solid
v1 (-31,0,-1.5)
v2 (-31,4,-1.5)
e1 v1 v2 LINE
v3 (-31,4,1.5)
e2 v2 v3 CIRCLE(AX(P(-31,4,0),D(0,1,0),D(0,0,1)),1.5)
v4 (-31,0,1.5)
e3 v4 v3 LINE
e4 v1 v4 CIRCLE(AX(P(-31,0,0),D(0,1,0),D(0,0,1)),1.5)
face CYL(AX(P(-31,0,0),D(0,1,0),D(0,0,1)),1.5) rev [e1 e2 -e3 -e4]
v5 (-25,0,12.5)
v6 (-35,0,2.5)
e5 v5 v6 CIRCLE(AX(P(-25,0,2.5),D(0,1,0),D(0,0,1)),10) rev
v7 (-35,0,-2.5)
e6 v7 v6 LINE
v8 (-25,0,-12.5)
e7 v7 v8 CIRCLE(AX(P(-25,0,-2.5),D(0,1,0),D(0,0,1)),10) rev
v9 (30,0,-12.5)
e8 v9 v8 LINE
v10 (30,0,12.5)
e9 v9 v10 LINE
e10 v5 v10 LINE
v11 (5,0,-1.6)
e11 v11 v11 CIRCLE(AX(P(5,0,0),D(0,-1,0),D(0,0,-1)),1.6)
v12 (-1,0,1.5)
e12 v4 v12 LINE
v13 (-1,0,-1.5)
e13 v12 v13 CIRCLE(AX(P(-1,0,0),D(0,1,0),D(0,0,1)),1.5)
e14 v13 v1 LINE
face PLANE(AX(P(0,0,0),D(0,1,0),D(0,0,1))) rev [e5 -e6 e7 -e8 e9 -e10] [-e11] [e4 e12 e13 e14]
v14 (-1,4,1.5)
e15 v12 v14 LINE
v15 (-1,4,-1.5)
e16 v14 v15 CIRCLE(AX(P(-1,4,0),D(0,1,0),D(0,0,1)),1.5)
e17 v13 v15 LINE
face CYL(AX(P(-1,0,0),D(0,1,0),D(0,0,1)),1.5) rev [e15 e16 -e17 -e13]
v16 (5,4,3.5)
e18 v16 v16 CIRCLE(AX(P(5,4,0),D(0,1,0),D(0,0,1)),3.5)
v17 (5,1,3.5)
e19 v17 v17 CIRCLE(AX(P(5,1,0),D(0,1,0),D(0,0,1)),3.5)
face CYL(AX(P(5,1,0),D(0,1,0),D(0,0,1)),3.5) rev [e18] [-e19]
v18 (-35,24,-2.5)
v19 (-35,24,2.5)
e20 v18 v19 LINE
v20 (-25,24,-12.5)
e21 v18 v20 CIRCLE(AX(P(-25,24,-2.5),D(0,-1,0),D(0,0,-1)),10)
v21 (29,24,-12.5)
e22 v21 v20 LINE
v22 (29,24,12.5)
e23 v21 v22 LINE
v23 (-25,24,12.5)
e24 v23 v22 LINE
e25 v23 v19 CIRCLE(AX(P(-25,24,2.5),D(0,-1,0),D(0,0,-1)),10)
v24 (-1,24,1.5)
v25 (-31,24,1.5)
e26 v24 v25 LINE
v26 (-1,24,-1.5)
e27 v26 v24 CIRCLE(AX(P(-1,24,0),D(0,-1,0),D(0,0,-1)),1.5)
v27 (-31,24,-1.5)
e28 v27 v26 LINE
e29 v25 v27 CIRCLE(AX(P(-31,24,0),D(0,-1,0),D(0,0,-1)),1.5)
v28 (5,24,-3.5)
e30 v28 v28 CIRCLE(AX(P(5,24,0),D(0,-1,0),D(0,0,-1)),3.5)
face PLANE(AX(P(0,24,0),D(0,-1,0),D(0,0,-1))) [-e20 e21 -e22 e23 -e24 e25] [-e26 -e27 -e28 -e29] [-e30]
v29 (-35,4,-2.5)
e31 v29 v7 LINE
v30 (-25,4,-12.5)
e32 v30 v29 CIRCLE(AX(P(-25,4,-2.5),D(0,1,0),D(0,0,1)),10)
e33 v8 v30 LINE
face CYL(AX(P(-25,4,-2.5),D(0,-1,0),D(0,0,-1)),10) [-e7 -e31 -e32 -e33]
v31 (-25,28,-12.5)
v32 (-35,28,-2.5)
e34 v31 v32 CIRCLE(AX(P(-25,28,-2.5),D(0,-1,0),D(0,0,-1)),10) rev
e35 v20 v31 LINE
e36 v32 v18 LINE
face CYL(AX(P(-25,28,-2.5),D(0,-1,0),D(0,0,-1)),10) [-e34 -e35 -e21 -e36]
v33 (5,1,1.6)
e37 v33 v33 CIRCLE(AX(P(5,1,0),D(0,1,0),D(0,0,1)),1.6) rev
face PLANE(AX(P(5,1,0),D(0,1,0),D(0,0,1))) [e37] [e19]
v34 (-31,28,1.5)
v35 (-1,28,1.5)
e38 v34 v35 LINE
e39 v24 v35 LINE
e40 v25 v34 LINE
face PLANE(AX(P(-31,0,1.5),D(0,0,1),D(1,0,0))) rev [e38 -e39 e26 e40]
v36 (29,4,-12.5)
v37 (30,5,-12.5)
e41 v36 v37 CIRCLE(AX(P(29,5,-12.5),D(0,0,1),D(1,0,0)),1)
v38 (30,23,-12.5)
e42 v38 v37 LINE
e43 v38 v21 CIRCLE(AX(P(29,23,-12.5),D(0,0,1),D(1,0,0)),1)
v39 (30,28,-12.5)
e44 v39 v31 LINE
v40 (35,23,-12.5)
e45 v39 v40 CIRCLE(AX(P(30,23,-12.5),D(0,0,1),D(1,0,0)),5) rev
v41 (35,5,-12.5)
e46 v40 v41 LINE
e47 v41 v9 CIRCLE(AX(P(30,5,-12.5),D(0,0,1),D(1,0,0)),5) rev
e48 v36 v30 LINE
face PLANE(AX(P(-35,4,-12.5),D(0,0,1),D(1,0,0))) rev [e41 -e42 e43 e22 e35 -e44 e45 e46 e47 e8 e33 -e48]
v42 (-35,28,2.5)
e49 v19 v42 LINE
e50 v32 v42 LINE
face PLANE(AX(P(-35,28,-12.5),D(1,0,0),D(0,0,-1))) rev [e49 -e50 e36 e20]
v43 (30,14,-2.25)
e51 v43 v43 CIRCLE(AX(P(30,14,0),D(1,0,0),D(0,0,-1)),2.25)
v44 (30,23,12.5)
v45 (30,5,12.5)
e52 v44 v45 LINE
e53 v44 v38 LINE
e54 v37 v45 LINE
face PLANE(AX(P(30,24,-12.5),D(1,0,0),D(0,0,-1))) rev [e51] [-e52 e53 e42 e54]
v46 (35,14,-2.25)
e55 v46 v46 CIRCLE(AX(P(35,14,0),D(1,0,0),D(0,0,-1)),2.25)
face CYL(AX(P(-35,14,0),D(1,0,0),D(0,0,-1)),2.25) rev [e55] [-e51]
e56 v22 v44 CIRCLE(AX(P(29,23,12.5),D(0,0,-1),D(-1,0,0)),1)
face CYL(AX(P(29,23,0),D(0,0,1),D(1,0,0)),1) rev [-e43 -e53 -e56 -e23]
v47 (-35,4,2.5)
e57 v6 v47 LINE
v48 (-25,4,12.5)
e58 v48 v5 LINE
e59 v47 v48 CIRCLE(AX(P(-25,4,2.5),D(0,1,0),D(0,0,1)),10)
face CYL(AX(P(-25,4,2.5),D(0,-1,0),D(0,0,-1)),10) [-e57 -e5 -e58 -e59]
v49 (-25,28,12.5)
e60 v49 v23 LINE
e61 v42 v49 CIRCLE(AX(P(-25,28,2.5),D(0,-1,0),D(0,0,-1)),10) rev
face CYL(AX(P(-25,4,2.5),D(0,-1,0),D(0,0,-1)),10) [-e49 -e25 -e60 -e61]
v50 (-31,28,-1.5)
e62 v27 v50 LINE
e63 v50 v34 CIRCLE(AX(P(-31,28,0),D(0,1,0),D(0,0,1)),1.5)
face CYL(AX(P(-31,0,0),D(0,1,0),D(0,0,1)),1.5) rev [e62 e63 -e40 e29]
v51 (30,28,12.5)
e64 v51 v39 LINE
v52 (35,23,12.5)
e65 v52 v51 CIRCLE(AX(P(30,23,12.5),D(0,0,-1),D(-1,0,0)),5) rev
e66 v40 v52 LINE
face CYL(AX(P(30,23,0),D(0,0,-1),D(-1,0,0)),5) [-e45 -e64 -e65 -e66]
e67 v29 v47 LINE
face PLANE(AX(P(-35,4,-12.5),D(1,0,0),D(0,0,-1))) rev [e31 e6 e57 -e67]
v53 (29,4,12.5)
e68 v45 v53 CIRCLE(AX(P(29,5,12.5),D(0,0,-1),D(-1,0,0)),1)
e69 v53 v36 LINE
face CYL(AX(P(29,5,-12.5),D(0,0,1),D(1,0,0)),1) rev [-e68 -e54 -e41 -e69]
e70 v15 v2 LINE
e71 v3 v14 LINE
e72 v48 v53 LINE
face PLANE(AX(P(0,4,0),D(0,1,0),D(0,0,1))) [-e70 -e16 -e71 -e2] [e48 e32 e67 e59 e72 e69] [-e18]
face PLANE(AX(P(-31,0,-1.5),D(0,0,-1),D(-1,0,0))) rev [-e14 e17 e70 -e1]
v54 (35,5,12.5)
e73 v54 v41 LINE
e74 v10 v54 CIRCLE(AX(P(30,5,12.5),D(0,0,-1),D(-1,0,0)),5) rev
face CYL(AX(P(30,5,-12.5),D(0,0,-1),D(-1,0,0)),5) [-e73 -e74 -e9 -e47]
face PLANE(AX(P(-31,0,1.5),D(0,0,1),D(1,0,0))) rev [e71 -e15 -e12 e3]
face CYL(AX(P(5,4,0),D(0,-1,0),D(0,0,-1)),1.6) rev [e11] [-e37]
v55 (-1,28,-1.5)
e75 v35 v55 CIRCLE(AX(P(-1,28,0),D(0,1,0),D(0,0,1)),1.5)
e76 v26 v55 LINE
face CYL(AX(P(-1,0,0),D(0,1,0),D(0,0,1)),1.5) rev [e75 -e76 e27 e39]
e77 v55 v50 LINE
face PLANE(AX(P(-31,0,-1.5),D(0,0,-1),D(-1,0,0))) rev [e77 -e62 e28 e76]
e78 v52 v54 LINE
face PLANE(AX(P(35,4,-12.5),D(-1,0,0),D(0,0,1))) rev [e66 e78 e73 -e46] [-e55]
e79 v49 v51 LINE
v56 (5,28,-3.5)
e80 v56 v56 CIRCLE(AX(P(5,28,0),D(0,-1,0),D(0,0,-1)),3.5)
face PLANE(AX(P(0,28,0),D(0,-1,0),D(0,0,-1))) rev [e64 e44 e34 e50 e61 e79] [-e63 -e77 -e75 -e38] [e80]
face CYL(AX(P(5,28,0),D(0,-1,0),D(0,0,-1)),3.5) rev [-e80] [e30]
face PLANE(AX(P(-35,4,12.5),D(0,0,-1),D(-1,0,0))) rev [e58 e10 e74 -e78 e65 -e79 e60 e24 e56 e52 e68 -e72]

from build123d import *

# Parameters (mm, degrees)
SKETCH_1_W          = 70
SKETCH_1_H          = 25
EXTRUDE_1_DEPTH     = 4
SKETCH_2_W          = 5
SKETCH_2_H          = 25
EXTRUDE_2_DEPTH     = 20
SKETCH_3_W          = 70
SKETCH_3_H          = 25
EXTRUDE_3_DEPTH     = 4
SKETCH_4_R          = 1.6
CUT_EXTRUDE_1_DEPTH = 4
SKETCH_5_R          = 3.5
CUT_EXTRUDE_2_DEPTH = 3
SKETCH_6_R          = 3.5
CUT_EXTRUDE_3_DEPTH = 45.240818256
CUT_EXTRUDE_4_DEPTH = 47.532246883
FILLET_1_R          = 10
SKETCH_8_R          = 2.25
CUT_EXTRUDE_5_DEPTH = 77.42152838
FILLET_2_R          = 1
FILLET_3_R          = 5


with BuildPart() as part:
    # Эскиз1 → Бобышка-Вытянуть1 (new body)
    with BuildSketch(Plane(origin=(0, 0, 0), x_dir=(1, 0, 0), z_dir=(0, 1, 0))):
        Rectangle(SKETCH_1_W, SKETCH_1_H)
    extrude(amount=EXTRUDE_1_DEPTH)

    # Эскиз2 → Бобышка-Вытянуть2 (add)
    with BuildSketch(Plane(origin=(0, 4, 0), x_dir=(1, 0, 0), z_dir=(0, 1, 0))):
        with Locations((32.5, 0)):
            Rectangle(SKETCH_2_W, SKETCH_2_H)
    extrude(amount=EXTRUDE_2_DEPTH)

    # Эскиз3 → Бобышка-Вытянуть3 (add)
    with BuildSketch(Plane(origin=(0, 24, 0), x_dir=(1, 0, 0), z_dir=(0, 1, 0))):
        Rectangle(SKETCH_3_W, SKETCH_3_H)
    extrude(amount=EXTRUDE_3_DEPTH)

    # Эскиз4 → Вырез-Вытянуть1 (cut)
    with BuildSketch(Plane.XZ):
        with Locations(Location((5, 0, 0), (0, 0, 270))):
            Circle(SKETCH_4_R)
    extrude(amount=-CUT_EXTRUDE_1_DEPTH, mode=Mode.SUBTRACT)

    # Эскиз5 → Вырез-Вытянуть2 (cut)
    with BuildSketch(Plane(origin=(0, 4, 0), x_dir=(1, 0, 0), z_dir=(0, 1, 0))):
        with Locations(Location((5, 0, 0), (0, 0, 270))):
            Circle(SKETCH_5_R)
    extrude(amount=-CUT_EXTRUDE_2_DEPTH, mode=Mode.SUBTRACT)

    # Эскиз6 → Вырез-Вытянуть3 (cut, through all)
    with BuildSketch(Plane.XZ.offset(-24)):
        with Locations(Location((5, 0, 0), (0, 0, 90))):
            Circle(SKETCH_6_R)
    extrude(amount=-CUT_EXTRUDE_3_DEPTH, mode=Mode.SUBTRACT)

    # Эскиз7 → Вырез-Вытянуть4 (cut, through all)
    with BuildSketch(Plane(origin=(0, 28, 0), x_dir=(1, 0, 0), z_dir=(0, 1, 0))):
        with BuildLine():
            Line((-31, 1.5), (-1, 1.5))
            ThreePointArc((-1, 1.5), (0.5, 0), (-1, -1.5))
            Line((-1, -1.5), (-31, -1.5))
            ThreePointArc((-31, -1.5), (-32.5, 0), (-31, 1.5))
        make_face()
    extrude(amount=-CUT_EXTRUDE_4_DEPTH, mode=Mode.SUBTRACT)

    # Скругление1
    fillet_1_edges = [part.edges().sort_by_distance(p)[0] for p in [
        (-35, 26, -12.5),
        (-35, 26, 12.5),
        (-35, 2, 12.5),
        (-35, 2, -12.5),
    ]]
    fillet(fillet_1_edges, radius=FILLET_1_R)

    # Эскиз8 → Вырез-Вытянуть5 (cut, through all)
    with BuildSketch(Plane(origin=(35, 0, 0), x_dir=(0, 0, -1), z_dir=(1, 0, 0))):
        with Locations((0, 14)):
            Circle(SKETCH_8_R)
    extrude(amount=-CUT_EXTRUDE_5_DEPTH, mode=Mode.SUBTRACT)

    # Скругление2
    fillet_2_edges = [part.edges().sort_by_distance(p)[0] for p in [
        (30, 4, 0),
        (30, 24, 0),
    ]]
    fillet(fillet_2_edges, radius=FILLET_2_R)

    # Скругление3
    fillet_3_edges = [part.edges().sort_by_distance(p)[0] for p in [
        (35, 28, 0),
        (35, 0, 0),
    ]]
    fillet(fillet_3_edges, radius=FILLET_3_R)


solid = part.part
